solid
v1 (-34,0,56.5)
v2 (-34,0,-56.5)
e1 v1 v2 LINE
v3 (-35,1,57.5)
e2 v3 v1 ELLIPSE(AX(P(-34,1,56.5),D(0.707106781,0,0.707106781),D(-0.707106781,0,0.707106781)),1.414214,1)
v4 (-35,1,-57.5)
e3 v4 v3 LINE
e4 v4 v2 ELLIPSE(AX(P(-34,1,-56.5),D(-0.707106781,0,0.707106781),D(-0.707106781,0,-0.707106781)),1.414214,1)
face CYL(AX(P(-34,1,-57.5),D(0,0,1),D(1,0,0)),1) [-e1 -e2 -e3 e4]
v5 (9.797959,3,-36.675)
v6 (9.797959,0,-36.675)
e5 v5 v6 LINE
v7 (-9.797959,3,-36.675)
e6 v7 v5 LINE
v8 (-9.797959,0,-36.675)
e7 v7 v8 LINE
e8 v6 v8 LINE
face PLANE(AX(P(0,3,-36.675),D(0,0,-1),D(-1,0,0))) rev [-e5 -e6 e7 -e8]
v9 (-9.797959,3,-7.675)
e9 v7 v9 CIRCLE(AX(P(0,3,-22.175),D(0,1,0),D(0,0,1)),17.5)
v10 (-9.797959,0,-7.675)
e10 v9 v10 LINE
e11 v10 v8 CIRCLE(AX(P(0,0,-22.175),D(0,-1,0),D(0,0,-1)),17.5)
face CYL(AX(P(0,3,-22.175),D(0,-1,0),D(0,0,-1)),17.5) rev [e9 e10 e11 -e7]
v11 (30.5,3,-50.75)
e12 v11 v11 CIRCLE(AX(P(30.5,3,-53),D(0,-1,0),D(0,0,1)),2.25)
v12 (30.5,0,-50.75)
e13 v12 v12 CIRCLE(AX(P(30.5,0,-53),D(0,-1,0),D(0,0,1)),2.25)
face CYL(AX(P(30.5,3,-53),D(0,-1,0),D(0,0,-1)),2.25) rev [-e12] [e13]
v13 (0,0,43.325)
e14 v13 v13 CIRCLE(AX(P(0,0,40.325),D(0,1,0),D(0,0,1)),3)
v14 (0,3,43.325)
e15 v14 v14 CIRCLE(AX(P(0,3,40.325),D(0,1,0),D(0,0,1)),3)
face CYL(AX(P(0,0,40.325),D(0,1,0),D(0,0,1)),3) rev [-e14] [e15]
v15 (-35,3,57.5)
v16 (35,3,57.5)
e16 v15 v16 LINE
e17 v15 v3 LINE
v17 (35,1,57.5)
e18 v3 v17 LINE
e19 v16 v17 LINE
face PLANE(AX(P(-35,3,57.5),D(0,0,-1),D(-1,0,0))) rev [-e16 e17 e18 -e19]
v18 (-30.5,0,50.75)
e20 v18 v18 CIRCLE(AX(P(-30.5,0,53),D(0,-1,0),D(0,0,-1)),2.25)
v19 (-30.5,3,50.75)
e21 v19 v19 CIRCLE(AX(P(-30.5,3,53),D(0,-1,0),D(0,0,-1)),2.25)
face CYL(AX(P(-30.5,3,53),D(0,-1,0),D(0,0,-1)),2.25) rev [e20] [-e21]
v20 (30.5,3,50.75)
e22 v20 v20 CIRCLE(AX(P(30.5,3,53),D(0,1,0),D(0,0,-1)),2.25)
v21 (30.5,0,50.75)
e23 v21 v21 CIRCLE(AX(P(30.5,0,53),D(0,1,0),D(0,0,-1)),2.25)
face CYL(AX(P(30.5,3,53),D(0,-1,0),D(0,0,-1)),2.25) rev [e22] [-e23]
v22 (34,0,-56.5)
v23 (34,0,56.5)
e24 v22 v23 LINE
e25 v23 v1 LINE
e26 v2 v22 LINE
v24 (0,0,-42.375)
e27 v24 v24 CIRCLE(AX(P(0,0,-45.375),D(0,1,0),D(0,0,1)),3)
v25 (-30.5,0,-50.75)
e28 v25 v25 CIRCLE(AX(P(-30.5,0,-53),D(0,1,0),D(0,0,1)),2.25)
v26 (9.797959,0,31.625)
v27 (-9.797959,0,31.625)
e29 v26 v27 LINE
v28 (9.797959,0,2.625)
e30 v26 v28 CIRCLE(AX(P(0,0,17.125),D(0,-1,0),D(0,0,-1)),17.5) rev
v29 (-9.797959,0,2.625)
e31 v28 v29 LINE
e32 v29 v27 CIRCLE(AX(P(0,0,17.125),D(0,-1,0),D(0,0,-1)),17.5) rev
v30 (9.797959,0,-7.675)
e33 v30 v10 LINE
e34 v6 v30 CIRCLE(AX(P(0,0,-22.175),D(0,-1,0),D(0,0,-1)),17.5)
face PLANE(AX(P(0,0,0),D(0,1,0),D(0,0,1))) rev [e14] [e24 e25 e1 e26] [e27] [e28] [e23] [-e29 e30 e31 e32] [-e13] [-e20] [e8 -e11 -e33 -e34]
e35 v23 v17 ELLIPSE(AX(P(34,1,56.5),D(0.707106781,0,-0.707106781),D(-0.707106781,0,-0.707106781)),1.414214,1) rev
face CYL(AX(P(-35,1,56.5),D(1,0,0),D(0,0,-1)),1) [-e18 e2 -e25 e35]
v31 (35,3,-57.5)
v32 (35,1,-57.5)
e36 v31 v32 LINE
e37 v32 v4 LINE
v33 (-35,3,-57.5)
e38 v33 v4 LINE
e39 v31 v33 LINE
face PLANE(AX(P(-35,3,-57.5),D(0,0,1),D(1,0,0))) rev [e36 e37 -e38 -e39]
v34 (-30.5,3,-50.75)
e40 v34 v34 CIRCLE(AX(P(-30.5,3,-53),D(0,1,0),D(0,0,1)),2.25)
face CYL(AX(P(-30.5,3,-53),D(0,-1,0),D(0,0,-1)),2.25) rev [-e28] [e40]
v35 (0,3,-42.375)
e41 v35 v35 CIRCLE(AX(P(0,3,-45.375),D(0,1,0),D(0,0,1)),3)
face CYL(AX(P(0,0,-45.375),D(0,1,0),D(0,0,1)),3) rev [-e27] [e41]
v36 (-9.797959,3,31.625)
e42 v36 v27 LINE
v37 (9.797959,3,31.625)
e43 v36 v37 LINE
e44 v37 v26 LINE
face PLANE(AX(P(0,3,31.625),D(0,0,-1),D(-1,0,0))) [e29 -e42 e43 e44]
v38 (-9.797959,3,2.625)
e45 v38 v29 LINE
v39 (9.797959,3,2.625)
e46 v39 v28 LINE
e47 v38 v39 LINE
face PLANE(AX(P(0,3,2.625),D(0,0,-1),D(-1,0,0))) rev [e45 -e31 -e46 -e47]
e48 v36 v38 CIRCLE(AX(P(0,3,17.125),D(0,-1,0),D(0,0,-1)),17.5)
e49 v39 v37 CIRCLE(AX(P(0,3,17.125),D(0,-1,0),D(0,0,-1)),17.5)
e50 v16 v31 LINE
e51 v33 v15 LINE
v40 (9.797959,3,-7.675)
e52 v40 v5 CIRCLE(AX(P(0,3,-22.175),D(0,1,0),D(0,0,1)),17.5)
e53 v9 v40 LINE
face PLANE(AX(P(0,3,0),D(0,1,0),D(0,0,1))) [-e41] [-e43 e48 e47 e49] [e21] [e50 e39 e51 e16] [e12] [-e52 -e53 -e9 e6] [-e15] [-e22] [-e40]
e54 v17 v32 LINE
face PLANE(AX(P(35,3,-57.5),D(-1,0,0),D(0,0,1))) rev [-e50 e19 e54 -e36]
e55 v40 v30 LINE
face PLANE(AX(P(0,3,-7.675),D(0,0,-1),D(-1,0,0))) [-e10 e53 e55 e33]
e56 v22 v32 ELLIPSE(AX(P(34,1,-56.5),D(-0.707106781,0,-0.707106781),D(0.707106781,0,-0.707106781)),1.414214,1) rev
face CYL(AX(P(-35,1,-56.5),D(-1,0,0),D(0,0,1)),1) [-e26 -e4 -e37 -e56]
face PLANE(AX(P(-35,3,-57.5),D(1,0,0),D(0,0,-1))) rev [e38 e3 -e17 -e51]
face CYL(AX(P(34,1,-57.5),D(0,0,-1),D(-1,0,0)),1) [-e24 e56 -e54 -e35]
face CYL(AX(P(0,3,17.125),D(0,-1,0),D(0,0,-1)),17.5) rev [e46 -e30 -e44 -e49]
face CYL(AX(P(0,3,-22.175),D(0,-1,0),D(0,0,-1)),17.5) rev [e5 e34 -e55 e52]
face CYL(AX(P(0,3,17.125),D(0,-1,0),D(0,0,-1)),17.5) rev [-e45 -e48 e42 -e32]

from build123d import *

# Parameters (mm, degrees)
SKETCH1_W                                  = 70
SKETCH1_H                                  = 115
BOSS_EXTRUDE1_DEPTH                        = 3
SKETCH4_R                                  = 2.25
CUT_EXTRUDE2_DEPTH                         = 3
MIRROR1_AT_THE_SECOND_PLANE_COPY_1_SKETC_R = 2.25
MIRROR1_AT_THE_SECOND_PLANE_COPY_1_DEPTH   = 3
FILLET4_R                                  = 1
CUT_EXTRUDE13_START                        = -3
CUT_EXTRUDE13_DEPTH                        = 4
SKETCH21_R                                 = 3
CUT_EXTRUDE14_DEPTH                        = 3


with BuildPart() as part:
    # Sketch1 → Boss-Extrude1 (new body)
    with BuildSketch(Plane(origin=(0, 0, 0), x_dir=(1, 0, 0), z_dir=(0, 1, 0))):
        Rectangle(SKETCH1_W, SKETCH1_H)
    extrude(amount=BOSS_EXTRUDE1_DEPTH)

    # Sketch4 → Cut-Extrude2 (cut)
    with BuildSketch(Plane(origin=(0, 0, 0), x_dir=(-1, 0, 0), z_dir=(0, -1, 0))):
        with Locations((30.5, -53)):
            Circle(SKETCH4_R)
    cut_extrude2 = extrude(amount=-CUT_EXTRUDE2_DEPTH, mode=Mode.SUBTRACT)

    # Mirror1: Cut-Extrude2 across plane
    add(cut_extrude2.mirror(Plane(origin=(0, 0, 0), x_dir=(0, 0, 1), z_dir=(1, 0, 0))), mode=Mode.SUBTRACT)

    # Mirror1 at the second plane: Cut-Extrude2 across plane
    add(cut_extrude2.mirror(Plane.XY), mode=Mode.SUBTRACT)

    # Mirror1 at the second plane copy 1 sketc → Mirror1 at the second plane copy 1 (cut)
    with BuildSketch(Plane.XZ):
        with Locations((30.5, -53)):
            Circle(MIRROR1_AT_THE_SECOND_PLANE_COPY_1_SKETC_R)
    extrude(amount=-MIRROR1_AT_THE_SECOND_PLANE_COPY_1_DEPTH, mode=Mode.SUBTRACT)

    # Fillet4
    fillet4_edges = [part.edges().sort_by_distance(p)[0] for p in [
        (0, 0, 57.5),
        (-35, 0, 0),
        (0, 0, -57.5),
        (35, 0, 0),
    ]]
    fillet(fillet4_edges, radius=FILLET4_R)

    # Sketch18 → Cut-Extrude13 (cut)
    with BuildSketch(Plane(origin=(0, 0, 0), x_dir=(-1, 0, 0), z_dir=(0, -1, 0)).offset(CUT_EXTRUDE13_START)):
        with BuildLine():
            Line((-9.797958971, -31.625), (9.797958971, -31.625))
            ThreePointArc((9.797958971, -31.625), (17.5, -17.125), (9.797958971, -2.625))
            Line((9.797958971, -2.625), (-9.797958971, -2.625))
            ThreePointArc((-9.797958971, -2.625), (-17.5, -17.125), (-9.797958971, -31.625))
        make_face()
    cut_extrude13 = extrude(amount=CUT_EXTRUDE13_DEPTH, mode=Mode.SUBTRACT)

    # Mirror3: Cut-Extrude13 across plane
    add(cut_extrude13.mirror(Plane.XY.offset(-2.525)), mode=Mode.SUBTRACT)

    # Sketch21 → Cut-Extrude14 (cut)
    with BuildSketch(Plane(origin=(0, 3, 0), x_dir=(1, 0, 0), z_dir=(0, 1, 0))):
        with Locations((0, 45.375)):
            Circle(SKETCH21_R)
        with Locations((0, -40.325)):
            Circle(SKETCH21_R)
    extrude(amount=-CUT_EXTRUDE14_DEPTH, mode=Mode.SUBTRACT)


solid = part.part
